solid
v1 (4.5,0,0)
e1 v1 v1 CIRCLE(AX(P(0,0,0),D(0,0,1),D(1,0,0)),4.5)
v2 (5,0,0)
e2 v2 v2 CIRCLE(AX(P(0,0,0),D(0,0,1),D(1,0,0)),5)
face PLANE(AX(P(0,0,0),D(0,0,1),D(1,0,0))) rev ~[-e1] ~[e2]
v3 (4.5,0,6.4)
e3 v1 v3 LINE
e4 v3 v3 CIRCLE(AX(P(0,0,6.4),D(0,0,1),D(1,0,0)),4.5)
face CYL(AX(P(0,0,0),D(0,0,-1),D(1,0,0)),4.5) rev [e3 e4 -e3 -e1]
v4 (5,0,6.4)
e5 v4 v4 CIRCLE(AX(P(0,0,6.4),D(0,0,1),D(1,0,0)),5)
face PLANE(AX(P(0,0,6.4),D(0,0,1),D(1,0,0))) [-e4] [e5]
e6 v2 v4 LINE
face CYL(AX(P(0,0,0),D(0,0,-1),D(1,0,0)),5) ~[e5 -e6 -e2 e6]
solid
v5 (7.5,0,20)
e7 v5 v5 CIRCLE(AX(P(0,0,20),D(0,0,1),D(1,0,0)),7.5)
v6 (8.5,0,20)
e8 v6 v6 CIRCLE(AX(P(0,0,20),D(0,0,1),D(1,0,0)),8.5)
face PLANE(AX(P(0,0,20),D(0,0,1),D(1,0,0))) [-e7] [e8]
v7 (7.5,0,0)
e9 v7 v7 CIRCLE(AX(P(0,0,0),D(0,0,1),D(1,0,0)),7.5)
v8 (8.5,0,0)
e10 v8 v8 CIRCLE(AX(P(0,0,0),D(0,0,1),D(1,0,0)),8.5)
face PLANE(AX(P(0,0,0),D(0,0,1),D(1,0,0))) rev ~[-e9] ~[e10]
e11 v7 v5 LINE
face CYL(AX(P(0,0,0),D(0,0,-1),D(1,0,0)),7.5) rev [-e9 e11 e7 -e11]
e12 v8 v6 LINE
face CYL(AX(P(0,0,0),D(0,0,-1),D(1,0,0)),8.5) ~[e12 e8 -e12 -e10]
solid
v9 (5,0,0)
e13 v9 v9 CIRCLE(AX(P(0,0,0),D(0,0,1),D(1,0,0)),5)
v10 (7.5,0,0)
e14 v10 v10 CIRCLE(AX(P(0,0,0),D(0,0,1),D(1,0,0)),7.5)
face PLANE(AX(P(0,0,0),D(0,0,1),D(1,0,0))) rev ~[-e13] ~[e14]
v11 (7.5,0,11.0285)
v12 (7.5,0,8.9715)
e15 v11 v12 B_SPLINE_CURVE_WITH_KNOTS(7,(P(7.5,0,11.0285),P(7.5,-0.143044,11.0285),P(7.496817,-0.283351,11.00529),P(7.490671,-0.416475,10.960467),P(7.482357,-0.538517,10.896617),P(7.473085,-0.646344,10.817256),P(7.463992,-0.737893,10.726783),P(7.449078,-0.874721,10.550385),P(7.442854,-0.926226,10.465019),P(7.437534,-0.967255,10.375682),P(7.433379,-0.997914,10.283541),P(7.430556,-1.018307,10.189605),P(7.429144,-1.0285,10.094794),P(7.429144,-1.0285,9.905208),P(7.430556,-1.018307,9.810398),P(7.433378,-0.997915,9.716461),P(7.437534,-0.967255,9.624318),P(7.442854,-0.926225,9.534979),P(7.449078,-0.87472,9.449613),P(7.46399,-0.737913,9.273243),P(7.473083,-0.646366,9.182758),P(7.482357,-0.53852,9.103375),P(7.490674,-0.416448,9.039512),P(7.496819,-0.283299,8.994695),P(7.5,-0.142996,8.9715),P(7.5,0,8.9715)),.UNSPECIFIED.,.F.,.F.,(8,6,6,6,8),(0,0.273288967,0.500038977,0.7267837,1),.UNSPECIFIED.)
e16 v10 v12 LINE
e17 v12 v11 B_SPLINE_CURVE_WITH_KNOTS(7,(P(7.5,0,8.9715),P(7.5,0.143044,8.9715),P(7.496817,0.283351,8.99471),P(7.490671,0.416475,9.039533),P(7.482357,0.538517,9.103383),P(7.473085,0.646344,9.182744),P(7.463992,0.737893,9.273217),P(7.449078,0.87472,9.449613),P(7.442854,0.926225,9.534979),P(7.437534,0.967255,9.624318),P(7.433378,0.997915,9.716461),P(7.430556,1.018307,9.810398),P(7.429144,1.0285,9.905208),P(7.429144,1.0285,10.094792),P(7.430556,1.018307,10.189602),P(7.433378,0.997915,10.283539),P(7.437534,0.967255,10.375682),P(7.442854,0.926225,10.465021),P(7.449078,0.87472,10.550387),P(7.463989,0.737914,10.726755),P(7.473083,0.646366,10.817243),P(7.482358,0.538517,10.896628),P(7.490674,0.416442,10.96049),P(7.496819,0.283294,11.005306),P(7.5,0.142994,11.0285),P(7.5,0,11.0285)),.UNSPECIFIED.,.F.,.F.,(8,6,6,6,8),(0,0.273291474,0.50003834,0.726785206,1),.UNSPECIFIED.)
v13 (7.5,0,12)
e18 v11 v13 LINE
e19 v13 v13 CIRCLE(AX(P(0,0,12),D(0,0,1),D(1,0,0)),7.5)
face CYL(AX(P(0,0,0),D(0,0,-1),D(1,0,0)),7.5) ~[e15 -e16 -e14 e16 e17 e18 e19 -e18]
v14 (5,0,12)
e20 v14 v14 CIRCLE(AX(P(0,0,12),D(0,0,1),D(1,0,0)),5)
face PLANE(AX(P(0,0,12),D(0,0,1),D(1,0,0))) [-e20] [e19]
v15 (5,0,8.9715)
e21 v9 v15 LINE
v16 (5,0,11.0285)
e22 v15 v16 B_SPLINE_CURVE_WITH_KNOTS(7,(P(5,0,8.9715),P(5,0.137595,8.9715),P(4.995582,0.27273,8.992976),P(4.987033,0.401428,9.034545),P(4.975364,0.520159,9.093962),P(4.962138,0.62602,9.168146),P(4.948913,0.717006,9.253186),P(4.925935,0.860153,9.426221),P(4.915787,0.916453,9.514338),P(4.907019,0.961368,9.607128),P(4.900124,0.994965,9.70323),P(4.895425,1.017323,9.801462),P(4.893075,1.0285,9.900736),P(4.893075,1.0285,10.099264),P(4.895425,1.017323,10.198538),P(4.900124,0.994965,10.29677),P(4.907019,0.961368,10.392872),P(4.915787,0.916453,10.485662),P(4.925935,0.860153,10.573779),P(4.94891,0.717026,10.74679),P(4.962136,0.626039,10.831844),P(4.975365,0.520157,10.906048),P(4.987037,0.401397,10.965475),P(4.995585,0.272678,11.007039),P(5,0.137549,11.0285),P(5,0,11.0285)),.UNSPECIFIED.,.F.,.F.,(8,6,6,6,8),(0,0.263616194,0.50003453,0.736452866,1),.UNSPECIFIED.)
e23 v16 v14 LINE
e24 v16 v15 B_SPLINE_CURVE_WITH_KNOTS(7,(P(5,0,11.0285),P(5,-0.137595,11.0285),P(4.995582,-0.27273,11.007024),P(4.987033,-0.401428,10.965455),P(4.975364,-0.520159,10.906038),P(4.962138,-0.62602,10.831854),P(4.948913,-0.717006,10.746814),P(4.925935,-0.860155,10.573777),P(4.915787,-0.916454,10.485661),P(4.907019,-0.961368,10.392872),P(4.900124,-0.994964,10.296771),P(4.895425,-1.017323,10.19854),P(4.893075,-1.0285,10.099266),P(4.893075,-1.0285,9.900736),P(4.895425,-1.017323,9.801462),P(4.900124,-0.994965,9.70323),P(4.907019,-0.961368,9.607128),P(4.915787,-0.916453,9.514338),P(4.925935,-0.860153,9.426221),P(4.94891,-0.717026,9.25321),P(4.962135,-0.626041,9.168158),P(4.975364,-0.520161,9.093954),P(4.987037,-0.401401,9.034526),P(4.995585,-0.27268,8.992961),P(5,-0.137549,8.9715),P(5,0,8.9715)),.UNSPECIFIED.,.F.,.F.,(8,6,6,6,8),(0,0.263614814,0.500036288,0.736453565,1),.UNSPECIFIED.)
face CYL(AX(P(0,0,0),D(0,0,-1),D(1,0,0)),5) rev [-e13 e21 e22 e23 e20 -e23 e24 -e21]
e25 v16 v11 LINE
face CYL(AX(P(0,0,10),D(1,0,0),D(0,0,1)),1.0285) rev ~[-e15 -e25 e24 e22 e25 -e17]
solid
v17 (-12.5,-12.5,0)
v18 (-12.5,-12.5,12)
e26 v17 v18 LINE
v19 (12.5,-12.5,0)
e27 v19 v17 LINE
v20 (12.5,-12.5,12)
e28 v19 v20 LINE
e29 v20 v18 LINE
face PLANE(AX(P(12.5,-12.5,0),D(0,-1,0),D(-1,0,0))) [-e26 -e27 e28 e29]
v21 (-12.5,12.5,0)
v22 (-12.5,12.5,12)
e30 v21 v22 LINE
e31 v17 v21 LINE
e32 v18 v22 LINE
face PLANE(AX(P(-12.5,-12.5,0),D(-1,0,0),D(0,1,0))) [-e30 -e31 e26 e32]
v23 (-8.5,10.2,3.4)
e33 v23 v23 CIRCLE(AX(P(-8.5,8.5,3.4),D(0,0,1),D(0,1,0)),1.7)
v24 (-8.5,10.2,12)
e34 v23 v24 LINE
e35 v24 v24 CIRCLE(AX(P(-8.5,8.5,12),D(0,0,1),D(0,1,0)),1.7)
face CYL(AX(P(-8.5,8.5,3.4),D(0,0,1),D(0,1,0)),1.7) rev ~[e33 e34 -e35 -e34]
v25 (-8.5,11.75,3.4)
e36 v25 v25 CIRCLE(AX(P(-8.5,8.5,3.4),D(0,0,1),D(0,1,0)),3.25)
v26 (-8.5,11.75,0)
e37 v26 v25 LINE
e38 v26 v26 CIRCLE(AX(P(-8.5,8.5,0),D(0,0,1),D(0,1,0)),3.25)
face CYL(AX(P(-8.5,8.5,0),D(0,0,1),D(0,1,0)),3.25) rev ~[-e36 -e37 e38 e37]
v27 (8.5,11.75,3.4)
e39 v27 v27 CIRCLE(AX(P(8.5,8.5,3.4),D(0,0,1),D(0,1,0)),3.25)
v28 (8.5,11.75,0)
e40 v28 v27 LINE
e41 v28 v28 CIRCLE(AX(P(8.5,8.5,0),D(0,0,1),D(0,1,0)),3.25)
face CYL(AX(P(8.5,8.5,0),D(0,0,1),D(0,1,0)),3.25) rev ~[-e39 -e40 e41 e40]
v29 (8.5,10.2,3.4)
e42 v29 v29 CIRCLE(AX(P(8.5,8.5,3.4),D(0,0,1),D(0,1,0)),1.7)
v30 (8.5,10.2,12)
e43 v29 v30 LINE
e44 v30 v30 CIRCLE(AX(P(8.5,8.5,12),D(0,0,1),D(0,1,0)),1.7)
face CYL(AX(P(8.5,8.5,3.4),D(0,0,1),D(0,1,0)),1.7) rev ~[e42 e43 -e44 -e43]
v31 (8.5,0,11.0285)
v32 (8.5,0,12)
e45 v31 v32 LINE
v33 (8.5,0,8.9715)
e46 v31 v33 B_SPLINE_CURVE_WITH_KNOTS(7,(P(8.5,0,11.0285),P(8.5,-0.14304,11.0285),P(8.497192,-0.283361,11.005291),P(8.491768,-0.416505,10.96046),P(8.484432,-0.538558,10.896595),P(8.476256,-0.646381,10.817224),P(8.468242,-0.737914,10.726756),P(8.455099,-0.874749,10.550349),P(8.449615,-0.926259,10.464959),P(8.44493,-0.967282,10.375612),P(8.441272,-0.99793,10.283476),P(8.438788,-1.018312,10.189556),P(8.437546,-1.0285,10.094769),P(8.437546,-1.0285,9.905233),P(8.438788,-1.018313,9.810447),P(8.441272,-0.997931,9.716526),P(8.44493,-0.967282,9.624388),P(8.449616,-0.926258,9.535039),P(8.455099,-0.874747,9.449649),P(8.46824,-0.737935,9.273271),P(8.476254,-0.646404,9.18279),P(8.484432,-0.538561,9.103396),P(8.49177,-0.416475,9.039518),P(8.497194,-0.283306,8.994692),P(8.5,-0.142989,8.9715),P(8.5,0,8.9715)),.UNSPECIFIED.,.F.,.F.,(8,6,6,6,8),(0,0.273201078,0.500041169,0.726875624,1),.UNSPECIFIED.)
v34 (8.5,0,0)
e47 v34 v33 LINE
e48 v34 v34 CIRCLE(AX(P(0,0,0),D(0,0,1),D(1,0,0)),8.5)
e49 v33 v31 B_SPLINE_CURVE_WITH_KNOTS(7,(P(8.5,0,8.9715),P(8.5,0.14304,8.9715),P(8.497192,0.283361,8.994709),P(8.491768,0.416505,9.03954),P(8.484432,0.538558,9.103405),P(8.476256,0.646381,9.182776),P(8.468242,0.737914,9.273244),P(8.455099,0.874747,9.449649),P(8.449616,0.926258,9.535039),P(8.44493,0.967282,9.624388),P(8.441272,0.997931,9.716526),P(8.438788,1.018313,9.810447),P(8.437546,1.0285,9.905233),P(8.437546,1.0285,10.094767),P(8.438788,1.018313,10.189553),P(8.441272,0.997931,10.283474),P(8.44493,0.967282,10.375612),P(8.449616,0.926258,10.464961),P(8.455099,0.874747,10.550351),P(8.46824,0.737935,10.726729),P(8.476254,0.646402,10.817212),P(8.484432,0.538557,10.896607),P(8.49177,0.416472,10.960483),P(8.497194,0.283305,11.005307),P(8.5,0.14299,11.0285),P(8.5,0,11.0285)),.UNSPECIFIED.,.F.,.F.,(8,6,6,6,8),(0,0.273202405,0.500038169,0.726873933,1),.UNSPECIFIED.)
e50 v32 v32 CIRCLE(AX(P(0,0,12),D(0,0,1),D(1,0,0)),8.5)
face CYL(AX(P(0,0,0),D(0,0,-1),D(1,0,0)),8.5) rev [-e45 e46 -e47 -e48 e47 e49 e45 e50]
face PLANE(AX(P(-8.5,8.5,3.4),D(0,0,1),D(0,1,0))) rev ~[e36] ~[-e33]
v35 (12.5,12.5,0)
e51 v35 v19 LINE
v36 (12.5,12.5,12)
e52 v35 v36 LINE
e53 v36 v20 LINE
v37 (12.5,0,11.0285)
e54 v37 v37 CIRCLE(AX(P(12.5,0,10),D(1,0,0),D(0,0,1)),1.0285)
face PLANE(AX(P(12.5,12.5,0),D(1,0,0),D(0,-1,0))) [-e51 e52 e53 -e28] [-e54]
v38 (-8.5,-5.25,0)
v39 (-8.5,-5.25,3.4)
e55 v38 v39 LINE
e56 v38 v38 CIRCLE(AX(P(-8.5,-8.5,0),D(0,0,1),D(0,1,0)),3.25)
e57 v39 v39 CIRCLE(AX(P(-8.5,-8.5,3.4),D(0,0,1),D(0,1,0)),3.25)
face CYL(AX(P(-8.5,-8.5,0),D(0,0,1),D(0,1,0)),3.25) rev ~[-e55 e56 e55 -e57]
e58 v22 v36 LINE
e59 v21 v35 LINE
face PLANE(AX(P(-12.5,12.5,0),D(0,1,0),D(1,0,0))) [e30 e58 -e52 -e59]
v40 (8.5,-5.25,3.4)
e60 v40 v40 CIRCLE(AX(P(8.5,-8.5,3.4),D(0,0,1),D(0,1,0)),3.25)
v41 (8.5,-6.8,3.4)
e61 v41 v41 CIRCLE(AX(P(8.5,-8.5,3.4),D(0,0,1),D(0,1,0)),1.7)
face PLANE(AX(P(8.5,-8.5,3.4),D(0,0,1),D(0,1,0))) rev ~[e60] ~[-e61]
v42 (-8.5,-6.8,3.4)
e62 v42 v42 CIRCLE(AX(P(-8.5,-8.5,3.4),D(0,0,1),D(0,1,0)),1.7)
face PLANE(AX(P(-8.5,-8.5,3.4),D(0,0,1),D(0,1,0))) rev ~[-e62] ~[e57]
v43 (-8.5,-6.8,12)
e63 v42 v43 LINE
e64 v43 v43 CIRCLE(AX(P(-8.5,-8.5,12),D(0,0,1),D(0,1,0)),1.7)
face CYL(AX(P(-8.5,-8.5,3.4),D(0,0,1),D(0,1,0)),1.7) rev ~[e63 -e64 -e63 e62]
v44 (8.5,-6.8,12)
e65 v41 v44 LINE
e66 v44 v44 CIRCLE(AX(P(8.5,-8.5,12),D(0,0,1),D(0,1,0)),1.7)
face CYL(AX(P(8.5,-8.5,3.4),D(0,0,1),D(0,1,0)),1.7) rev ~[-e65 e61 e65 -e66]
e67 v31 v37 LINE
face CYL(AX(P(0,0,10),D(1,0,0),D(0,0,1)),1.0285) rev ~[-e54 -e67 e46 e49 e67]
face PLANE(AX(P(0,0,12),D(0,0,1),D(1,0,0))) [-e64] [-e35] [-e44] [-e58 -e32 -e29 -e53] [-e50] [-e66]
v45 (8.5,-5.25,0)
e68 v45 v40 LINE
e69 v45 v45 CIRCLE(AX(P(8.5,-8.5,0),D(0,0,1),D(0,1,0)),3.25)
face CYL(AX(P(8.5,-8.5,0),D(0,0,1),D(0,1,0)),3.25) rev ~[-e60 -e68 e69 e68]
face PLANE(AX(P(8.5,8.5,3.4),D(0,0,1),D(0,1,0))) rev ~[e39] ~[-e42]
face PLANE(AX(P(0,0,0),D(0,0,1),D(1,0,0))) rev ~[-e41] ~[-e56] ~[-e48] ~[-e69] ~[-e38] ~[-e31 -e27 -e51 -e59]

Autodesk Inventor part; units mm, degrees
ref_plane "YZ Plane" through (0, 0, 0) normal (1, 0, 0) x (0, 1, 0)
ref_plane "XZ Plane" through (0, 0, 0) normal (0, 1, 0) x (-1, 0, 0)
ref_plane "XY Plane" through (0, 0, 0) normal (0, 0, 1) x (1, 0, 0)
sketch "Skizze1" plane through (0, 0, 0) normal (0, 0, 1) x (1, 0, 0)
  line L0 (12.5, -12.5) -> (-12.5, -12.5)
  line L1 (-12.5, -12.5) -> (-12.5, 12.5)
  line L2 (-12.5, 12.5) -> (12.5, 12.5)
  line L3 (12.5, 12.5) -> (12.5, -12.5)
  circle A0 centre (0, 0) radius 5
  circle A1 centre (0, 0) radius 7.5
  circle A2 centre (0, 0) radius 8.5
  circle A3 centre (0, 0) radius 4.5
  point P0 (-8.5, 8.5)
  point P1 (8.5, 8.5)
  point P2 (8.5, -8.5)
  point P3 (-8.5, -8.5)
  dimension "d0" = 25
  dimension "d1" = 25
  dimension "d2" = 4
  dimension "d3" = 4
  dimension "d4" = 4
  dimension "d5" = 4
  dimension "d6" = 10
  dimension "d7" = 15
  dimension "d8" = 17
  dimension "d11" = 9
  dimension "d18" = 12.5
  dimension "d19" = 12.5
  dimension "d21" = 4
  dimension "d38" = 4
  dimension "d39" = 4
  dimension "d48" = 4
sketch "Skizze2" plane through (0, 0, 0) normal (1, 0, 0) x (0, 1, 0)
  line L0 (0, 0) -> (0, 10)
  dimension "d47" = 10
extrude "Extrusion2" add sketch "Skizze1" along normal blind 20 contours A2
extrude "Extrusion3" add sketch "Skizze1" along normal blind 12 separate body contours L0 L1 L2 L3 | A1
extrude "Extrusion4" add sketch "Skizze1" along normal blind 6.4 separate body contours A0
hole "Bohrung2" at (8.5, -8.5, 0) at (8.5, 8.5, 0) at (-8.5, 8.5, 0) at (-8.5, -8.5, 0) direction (0, 0, 1) diameter 3.4 end through all counterbore diameter 6.5 counterbore depth 3.4 bodies 2 clearance for "Inbusschraube DIN EN ISO 4762" size "M3" standard "DIN"
hole "Bohrung3" at (0, 0, 10) direction (1, 0, 0) diameter 2.057 end through all bodies 2
properties part number "Oberteil_Zerstäuber"
